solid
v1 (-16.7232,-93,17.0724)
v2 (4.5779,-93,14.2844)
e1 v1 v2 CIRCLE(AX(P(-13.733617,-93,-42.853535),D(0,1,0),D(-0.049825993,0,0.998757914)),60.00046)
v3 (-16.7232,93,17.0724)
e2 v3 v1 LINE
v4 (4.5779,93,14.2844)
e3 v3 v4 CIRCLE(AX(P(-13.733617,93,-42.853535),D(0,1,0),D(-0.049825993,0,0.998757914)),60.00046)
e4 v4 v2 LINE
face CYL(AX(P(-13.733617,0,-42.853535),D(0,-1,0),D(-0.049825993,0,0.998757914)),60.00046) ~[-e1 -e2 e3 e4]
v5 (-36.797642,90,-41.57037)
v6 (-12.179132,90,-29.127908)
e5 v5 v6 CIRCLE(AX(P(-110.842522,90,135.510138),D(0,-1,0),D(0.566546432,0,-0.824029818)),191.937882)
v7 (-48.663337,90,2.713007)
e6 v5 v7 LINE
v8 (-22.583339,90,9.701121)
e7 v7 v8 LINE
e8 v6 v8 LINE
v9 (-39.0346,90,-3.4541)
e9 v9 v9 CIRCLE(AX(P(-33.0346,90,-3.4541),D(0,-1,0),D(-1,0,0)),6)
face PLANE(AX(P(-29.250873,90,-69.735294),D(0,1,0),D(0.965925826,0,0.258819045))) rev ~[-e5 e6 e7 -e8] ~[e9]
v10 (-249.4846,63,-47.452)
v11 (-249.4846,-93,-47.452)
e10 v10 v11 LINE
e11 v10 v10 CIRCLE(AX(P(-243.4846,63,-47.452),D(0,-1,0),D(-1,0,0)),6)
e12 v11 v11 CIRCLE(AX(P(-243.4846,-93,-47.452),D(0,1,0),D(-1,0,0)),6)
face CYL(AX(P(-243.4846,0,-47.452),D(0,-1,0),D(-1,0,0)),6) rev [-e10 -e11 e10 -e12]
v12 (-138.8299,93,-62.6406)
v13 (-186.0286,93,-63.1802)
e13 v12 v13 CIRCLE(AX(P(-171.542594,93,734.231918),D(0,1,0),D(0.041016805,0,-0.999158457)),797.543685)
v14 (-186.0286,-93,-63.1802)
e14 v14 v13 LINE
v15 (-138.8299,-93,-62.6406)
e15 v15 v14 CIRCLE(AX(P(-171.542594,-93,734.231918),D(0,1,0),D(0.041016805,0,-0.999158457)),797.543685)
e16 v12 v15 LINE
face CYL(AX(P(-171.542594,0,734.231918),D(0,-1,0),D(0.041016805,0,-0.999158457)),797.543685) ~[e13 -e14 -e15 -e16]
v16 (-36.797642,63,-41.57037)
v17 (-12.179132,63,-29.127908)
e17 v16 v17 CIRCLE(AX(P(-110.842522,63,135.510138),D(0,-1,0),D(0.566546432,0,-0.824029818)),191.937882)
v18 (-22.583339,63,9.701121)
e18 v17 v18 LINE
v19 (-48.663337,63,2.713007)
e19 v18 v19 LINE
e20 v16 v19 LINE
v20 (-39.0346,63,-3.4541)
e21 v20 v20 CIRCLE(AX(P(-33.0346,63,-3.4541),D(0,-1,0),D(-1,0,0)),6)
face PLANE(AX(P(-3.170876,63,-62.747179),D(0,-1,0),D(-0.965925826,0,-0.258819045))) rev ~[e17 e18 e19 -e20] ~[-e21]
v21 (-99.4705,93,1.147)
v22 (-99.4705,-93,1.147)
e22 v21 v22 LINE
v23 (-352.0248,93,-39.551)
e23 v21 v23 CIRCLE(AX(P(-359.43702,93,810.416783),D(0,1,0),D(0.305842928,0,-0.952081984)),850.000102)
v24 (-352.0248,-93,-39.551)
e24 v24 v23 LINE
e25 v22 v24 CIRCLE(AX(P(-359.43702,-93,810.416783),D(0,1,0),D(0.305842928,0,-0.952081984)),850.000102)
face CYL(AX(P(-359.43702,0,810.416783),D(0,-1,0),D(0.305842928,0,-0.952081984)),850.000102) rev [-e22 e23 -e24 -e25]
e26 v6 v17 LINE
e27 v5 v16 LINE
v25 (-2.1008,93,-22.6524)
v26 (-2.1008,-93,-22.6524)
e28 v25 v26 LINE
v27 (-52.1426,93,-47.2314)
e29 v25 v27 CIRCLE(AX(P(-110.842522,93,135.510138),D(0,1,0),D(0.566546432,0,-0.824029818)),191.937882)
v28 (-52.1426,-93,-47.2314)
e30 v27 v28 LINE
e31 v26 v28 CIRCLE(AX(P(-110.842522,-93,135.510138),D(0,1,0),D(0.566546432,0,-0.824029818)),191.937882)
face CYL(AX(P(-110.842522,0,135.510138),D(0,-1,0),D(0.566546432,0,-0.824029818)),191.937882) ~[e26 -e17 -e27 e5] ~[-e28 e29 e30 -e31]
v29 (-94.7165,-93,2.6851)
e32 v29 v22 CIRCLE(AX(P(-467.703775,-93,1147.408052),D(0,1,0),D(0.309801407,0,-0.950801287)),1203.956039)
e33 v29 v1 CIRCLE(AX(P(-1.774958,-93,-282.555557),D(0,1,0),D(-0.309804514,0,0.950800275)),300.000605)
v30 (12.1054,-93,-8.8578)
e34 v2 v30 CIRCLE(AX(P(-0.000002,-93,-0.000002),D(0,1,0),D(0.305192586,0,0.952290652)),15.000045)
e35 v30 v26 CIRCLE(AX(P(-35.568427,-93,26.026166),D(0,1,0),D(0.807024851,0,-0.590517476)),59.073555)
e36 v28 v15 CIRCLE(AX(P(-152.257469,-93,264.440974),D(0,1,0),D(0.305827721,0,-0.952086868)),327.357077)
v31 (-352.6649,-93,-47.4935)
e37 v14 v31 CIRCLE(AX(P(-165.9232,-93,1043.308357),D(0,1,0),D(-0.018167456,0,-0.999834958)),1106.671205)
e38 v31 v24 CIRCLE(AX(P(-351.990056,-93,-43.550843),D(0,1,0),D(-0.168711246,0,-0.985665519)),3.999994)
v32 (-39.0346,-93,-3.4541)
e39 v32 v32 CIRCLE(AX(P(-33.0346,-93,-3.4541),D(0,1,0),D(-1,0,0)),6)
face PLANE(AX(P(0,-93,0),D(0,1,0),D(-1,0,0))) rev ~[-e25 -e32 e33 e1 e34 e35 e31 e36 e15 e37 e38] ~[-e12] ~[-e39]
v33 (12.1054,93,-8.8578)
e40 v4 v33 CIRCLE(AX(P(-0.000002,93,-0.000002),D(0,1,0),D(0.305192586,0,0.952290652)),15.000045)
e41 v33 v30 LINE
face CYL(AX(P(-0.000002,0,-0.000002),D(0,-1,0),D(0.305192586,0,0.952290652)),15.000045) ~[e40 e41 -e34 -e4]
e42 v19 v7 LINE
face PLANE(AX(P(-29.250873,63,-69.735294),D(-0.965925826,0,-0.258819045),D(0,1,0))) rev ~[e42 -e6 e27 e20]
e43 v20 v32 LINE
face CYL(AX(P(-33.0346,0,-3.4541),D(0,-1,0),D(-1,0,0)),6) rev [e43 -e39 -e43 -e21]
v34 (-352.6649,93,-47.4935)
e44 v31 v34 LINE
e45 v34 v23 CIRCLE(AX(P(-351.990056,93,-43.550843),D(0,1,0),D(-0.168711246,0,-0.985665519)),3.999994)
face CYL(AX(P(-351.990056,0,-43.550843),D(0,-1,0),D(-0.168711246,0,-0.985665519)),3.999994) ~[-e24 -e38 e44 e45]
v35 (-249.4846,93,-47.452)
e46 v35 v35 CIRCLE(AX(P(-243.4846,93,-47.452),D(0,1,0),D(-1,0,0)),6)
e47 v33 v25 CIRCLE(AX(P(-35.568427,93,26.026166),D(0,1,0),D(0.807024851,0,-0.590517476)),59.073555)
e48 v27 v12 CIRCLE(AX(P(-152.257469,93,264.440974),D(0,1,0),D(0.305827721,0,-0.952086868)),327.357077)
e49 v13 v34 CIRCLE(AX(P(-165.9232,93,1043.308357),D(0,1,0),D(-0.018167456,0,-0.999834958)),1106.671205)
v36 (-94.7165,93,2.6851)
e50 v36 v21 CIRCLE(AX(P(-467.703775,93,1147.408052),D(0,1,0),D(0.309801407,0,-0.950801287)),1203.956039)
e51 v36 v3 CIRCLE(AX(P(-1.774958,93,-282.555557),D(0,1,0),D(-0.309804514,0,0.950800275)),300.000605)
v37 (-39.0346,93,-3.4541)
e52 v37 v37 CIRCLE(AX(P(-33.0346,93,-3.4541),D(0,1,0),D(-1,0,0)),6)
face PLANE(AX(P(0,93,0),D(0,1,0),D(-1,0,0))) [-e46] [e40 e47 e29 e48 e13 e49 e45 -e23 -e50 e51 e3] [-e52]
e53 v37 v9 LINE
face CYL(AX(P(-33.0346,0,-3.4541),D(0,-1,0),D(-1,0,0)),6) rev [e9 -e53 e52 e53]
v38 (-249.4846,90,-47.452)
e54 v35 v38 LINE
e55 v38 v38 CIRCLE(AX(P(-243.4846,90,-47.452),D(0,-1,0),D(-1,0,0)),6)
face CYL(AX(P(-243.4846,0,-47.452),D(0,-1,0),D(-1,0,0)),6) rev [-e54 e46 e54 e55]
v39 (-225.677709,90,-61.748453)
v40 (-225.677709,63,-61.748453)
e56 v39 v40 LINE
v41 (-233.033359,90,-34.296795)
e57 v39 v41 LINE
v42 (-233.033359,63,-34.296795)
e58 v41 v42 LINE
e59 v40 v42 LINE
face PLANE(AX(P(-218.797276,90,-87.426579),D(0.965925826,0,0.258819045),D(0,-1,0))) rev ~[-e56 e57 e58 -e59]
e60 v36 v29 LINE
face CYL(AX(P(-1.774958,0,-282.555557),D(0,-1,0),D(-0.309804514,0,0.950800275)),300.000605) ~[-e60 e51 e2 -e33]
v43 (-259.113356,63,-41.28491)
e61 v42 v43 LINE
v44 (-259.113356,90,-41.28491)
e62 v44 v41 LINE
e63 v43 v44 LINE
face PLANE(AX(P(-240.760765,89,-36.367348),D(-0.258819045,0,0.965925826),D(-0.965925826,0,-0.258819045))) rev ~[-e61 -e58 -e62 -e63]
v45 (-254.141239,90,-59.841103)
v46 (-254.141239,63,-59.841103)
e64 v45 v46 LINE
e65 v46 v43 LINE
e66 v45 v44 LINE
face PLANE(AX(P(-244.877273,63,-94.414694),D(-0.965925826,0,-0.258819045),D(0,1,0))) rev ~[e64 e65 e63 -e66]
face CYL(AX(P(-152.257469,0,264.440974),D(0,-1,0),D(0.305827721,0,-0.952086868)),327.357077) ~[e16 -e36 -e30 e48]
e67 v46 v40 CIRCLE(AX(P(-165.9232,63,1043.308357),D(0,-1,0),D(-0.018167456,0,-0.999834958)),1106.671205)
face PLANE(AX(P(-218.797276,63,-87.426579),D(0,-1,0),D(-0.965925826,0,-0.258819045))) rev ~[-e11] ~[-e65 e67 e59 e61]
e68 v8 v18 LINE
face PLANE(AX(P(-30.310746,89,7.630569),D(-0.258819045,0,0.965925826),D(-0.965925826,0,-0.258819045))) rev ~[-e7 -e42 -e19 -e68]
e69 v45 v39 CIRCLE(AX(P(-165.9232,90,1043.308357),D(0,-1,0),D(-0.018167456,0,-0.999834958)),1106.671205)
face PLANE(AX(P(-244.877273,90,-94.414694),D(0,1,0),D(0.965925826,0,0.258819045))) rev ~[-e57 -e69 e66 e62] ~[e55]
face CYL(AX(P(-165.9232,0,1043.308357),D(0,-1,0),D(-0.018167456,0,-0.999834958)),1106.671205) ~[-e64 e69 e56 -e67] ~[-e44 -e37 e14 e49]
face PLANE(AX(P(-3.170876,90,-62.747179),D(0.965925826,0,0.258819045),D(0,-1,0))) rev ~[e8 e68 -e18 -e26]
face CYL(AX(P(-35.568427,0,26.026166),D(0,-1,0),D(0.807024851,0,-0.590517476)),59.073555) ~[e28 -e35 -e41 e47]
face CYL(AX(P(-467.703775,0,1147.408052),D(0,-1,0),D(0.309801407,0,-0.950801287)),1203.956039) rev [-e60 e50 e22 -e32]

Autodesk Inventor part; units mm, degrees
ref_plane "YZ Plane" through (0, 0, 0) normal (1, 0, 0) x (0, 1, 0)
ref_plane "XZ Plane" through (0, 0, 0) normal (0, 1, 0) x (-1, 0, 0)
ref_plane "XY Plane" through (0, 0, 0) normal (0, 0, 1) x (1, 0, 0)
sketch "スケッチ2" plane through (0, 0, 0) normal (0, 1, 0) x (-1, 0, 0)
  arc A0 (186.0286, -63.1802) -> (352.6649, -47.4935) centre (165.9229, 1043.3137) ccw projected
  arc A1 (138.8299, -62.6406) -> (186.0286, -63.1802) centre (171.5405, 734.1521) ccw projected
  arc A2 (52.1426, -47.2314) -> (138.8299, -62.6406) centre (152.2575, 264.4411) ccw projected
  arc A3 (2.1008, -22.6524) -> (52.1426, -47.2314) centre (110.8425, 135.5101) ccw projected
  arc A4 (-12.1054, -8.8578) -> (2.1008, -22.6524) centre (35.5695, 26.0271) ccw projected
  arc A5 (-4.5779, 14.2844) -> (-12.1054, -8.8578) centre (0, 0) ccw projected
  arc A6 (16.7232, 17.0724) -> (-4.5779, 14.2844) centre (13.7336, -42.8531) ccw projected
  arc A7 (94.7165, 2.6851) -> (16.7232, 17.0724) centre (1.7751, -282.555) ccw projected
  arc A8 (94.7165, 2.6851) -> (99.4705, 1.147) centre (466.4821, 1143.6454) ccw projected
  arc A9 (99.4705, 1.147) -> (352.0248, -39.551) centre (359.437, 810.4167) ccw projected
  arc A10 (352.6649, -47.4935) -> (352.0248, -39.551) centre (351.99, -43.5508) ccw projected
  circle A11 centre (33.0346, -3.4541) radius 6 projected
  circle A12 centre (243.4846, -47.452) radius 6 projected
  point P0 (0, 0)
extrude "押し出し2" add sketch "スケッチ2" along normal mid plane 186
ref_plane "作業平面1" through (-10.8988, 89, -64.8158) normal (-0.2588, 0, 0.9659) x (-0.9659, 0, -0.2588)
ref_plane "作業平面2" through (-226.5252, 89, -89.4952) normal (-0.2588, 0, 0.9659) x (-0.9659, 0, -0.2588)
sketch "スケッチ3" plane through (-10.8988, 89, -64.8158) normal (-0.2588, 0, 0.9659) x (-0.9659, 0, -0.2588)
  line L0 (-7, 25) -> (-7, 0) projected
  line L1 (-7, 0) -> (18, 0) projected
  line L2 (18, 0) -> (18, 25) projected
  line L3 (18, 25) -> (-7, 25) projected
  line L4 (-8, -1) -> (-8, 26)
  line L5 (-8, 26) -> (19, 26)
  line L6 (19, 26) -> (19, -1)
  line L7 (19, -1) -> (-8, -1)
  point P0 (-27.303, 89)
  dimension "d6" = 1
extrude "押し出し3" cut sketch "スケッチ3" along normal blind 75 contours L3 L2 L1 L0 | L4 L5 L6 L7
sketch "スケッチ4" plane through (-226.5252, 89, -89.4952) normal (-0.2588, 0, 0.9659) x (-0.9659, 0, -0.2588)
  line L0 (-7, 25) -> (-7, 0) projected
  line L1 (-7, 0) -> (18, 0) projected
  line L2 (18, 0) -> (18, 25) projected
  line L3 (18, 25) -> (-7, 25) projected
  line L4 (-8, -1) -> (-8, 26)
  line L5 (-8, 26) -> (19, 26)
  line L6 (19, 26) -> (19, -1)
  line L7 (19, -1) -> (-8, -1)
  point P0 (-241.9696, 89)
  dimension "d9" = 1
extrude "押し出し4" cut sketch "スケッチ4" along normal blind 55 contours L3 L2 L1 L0 | L4 L5 L6 L7
properties part number "mainflap for side R"
